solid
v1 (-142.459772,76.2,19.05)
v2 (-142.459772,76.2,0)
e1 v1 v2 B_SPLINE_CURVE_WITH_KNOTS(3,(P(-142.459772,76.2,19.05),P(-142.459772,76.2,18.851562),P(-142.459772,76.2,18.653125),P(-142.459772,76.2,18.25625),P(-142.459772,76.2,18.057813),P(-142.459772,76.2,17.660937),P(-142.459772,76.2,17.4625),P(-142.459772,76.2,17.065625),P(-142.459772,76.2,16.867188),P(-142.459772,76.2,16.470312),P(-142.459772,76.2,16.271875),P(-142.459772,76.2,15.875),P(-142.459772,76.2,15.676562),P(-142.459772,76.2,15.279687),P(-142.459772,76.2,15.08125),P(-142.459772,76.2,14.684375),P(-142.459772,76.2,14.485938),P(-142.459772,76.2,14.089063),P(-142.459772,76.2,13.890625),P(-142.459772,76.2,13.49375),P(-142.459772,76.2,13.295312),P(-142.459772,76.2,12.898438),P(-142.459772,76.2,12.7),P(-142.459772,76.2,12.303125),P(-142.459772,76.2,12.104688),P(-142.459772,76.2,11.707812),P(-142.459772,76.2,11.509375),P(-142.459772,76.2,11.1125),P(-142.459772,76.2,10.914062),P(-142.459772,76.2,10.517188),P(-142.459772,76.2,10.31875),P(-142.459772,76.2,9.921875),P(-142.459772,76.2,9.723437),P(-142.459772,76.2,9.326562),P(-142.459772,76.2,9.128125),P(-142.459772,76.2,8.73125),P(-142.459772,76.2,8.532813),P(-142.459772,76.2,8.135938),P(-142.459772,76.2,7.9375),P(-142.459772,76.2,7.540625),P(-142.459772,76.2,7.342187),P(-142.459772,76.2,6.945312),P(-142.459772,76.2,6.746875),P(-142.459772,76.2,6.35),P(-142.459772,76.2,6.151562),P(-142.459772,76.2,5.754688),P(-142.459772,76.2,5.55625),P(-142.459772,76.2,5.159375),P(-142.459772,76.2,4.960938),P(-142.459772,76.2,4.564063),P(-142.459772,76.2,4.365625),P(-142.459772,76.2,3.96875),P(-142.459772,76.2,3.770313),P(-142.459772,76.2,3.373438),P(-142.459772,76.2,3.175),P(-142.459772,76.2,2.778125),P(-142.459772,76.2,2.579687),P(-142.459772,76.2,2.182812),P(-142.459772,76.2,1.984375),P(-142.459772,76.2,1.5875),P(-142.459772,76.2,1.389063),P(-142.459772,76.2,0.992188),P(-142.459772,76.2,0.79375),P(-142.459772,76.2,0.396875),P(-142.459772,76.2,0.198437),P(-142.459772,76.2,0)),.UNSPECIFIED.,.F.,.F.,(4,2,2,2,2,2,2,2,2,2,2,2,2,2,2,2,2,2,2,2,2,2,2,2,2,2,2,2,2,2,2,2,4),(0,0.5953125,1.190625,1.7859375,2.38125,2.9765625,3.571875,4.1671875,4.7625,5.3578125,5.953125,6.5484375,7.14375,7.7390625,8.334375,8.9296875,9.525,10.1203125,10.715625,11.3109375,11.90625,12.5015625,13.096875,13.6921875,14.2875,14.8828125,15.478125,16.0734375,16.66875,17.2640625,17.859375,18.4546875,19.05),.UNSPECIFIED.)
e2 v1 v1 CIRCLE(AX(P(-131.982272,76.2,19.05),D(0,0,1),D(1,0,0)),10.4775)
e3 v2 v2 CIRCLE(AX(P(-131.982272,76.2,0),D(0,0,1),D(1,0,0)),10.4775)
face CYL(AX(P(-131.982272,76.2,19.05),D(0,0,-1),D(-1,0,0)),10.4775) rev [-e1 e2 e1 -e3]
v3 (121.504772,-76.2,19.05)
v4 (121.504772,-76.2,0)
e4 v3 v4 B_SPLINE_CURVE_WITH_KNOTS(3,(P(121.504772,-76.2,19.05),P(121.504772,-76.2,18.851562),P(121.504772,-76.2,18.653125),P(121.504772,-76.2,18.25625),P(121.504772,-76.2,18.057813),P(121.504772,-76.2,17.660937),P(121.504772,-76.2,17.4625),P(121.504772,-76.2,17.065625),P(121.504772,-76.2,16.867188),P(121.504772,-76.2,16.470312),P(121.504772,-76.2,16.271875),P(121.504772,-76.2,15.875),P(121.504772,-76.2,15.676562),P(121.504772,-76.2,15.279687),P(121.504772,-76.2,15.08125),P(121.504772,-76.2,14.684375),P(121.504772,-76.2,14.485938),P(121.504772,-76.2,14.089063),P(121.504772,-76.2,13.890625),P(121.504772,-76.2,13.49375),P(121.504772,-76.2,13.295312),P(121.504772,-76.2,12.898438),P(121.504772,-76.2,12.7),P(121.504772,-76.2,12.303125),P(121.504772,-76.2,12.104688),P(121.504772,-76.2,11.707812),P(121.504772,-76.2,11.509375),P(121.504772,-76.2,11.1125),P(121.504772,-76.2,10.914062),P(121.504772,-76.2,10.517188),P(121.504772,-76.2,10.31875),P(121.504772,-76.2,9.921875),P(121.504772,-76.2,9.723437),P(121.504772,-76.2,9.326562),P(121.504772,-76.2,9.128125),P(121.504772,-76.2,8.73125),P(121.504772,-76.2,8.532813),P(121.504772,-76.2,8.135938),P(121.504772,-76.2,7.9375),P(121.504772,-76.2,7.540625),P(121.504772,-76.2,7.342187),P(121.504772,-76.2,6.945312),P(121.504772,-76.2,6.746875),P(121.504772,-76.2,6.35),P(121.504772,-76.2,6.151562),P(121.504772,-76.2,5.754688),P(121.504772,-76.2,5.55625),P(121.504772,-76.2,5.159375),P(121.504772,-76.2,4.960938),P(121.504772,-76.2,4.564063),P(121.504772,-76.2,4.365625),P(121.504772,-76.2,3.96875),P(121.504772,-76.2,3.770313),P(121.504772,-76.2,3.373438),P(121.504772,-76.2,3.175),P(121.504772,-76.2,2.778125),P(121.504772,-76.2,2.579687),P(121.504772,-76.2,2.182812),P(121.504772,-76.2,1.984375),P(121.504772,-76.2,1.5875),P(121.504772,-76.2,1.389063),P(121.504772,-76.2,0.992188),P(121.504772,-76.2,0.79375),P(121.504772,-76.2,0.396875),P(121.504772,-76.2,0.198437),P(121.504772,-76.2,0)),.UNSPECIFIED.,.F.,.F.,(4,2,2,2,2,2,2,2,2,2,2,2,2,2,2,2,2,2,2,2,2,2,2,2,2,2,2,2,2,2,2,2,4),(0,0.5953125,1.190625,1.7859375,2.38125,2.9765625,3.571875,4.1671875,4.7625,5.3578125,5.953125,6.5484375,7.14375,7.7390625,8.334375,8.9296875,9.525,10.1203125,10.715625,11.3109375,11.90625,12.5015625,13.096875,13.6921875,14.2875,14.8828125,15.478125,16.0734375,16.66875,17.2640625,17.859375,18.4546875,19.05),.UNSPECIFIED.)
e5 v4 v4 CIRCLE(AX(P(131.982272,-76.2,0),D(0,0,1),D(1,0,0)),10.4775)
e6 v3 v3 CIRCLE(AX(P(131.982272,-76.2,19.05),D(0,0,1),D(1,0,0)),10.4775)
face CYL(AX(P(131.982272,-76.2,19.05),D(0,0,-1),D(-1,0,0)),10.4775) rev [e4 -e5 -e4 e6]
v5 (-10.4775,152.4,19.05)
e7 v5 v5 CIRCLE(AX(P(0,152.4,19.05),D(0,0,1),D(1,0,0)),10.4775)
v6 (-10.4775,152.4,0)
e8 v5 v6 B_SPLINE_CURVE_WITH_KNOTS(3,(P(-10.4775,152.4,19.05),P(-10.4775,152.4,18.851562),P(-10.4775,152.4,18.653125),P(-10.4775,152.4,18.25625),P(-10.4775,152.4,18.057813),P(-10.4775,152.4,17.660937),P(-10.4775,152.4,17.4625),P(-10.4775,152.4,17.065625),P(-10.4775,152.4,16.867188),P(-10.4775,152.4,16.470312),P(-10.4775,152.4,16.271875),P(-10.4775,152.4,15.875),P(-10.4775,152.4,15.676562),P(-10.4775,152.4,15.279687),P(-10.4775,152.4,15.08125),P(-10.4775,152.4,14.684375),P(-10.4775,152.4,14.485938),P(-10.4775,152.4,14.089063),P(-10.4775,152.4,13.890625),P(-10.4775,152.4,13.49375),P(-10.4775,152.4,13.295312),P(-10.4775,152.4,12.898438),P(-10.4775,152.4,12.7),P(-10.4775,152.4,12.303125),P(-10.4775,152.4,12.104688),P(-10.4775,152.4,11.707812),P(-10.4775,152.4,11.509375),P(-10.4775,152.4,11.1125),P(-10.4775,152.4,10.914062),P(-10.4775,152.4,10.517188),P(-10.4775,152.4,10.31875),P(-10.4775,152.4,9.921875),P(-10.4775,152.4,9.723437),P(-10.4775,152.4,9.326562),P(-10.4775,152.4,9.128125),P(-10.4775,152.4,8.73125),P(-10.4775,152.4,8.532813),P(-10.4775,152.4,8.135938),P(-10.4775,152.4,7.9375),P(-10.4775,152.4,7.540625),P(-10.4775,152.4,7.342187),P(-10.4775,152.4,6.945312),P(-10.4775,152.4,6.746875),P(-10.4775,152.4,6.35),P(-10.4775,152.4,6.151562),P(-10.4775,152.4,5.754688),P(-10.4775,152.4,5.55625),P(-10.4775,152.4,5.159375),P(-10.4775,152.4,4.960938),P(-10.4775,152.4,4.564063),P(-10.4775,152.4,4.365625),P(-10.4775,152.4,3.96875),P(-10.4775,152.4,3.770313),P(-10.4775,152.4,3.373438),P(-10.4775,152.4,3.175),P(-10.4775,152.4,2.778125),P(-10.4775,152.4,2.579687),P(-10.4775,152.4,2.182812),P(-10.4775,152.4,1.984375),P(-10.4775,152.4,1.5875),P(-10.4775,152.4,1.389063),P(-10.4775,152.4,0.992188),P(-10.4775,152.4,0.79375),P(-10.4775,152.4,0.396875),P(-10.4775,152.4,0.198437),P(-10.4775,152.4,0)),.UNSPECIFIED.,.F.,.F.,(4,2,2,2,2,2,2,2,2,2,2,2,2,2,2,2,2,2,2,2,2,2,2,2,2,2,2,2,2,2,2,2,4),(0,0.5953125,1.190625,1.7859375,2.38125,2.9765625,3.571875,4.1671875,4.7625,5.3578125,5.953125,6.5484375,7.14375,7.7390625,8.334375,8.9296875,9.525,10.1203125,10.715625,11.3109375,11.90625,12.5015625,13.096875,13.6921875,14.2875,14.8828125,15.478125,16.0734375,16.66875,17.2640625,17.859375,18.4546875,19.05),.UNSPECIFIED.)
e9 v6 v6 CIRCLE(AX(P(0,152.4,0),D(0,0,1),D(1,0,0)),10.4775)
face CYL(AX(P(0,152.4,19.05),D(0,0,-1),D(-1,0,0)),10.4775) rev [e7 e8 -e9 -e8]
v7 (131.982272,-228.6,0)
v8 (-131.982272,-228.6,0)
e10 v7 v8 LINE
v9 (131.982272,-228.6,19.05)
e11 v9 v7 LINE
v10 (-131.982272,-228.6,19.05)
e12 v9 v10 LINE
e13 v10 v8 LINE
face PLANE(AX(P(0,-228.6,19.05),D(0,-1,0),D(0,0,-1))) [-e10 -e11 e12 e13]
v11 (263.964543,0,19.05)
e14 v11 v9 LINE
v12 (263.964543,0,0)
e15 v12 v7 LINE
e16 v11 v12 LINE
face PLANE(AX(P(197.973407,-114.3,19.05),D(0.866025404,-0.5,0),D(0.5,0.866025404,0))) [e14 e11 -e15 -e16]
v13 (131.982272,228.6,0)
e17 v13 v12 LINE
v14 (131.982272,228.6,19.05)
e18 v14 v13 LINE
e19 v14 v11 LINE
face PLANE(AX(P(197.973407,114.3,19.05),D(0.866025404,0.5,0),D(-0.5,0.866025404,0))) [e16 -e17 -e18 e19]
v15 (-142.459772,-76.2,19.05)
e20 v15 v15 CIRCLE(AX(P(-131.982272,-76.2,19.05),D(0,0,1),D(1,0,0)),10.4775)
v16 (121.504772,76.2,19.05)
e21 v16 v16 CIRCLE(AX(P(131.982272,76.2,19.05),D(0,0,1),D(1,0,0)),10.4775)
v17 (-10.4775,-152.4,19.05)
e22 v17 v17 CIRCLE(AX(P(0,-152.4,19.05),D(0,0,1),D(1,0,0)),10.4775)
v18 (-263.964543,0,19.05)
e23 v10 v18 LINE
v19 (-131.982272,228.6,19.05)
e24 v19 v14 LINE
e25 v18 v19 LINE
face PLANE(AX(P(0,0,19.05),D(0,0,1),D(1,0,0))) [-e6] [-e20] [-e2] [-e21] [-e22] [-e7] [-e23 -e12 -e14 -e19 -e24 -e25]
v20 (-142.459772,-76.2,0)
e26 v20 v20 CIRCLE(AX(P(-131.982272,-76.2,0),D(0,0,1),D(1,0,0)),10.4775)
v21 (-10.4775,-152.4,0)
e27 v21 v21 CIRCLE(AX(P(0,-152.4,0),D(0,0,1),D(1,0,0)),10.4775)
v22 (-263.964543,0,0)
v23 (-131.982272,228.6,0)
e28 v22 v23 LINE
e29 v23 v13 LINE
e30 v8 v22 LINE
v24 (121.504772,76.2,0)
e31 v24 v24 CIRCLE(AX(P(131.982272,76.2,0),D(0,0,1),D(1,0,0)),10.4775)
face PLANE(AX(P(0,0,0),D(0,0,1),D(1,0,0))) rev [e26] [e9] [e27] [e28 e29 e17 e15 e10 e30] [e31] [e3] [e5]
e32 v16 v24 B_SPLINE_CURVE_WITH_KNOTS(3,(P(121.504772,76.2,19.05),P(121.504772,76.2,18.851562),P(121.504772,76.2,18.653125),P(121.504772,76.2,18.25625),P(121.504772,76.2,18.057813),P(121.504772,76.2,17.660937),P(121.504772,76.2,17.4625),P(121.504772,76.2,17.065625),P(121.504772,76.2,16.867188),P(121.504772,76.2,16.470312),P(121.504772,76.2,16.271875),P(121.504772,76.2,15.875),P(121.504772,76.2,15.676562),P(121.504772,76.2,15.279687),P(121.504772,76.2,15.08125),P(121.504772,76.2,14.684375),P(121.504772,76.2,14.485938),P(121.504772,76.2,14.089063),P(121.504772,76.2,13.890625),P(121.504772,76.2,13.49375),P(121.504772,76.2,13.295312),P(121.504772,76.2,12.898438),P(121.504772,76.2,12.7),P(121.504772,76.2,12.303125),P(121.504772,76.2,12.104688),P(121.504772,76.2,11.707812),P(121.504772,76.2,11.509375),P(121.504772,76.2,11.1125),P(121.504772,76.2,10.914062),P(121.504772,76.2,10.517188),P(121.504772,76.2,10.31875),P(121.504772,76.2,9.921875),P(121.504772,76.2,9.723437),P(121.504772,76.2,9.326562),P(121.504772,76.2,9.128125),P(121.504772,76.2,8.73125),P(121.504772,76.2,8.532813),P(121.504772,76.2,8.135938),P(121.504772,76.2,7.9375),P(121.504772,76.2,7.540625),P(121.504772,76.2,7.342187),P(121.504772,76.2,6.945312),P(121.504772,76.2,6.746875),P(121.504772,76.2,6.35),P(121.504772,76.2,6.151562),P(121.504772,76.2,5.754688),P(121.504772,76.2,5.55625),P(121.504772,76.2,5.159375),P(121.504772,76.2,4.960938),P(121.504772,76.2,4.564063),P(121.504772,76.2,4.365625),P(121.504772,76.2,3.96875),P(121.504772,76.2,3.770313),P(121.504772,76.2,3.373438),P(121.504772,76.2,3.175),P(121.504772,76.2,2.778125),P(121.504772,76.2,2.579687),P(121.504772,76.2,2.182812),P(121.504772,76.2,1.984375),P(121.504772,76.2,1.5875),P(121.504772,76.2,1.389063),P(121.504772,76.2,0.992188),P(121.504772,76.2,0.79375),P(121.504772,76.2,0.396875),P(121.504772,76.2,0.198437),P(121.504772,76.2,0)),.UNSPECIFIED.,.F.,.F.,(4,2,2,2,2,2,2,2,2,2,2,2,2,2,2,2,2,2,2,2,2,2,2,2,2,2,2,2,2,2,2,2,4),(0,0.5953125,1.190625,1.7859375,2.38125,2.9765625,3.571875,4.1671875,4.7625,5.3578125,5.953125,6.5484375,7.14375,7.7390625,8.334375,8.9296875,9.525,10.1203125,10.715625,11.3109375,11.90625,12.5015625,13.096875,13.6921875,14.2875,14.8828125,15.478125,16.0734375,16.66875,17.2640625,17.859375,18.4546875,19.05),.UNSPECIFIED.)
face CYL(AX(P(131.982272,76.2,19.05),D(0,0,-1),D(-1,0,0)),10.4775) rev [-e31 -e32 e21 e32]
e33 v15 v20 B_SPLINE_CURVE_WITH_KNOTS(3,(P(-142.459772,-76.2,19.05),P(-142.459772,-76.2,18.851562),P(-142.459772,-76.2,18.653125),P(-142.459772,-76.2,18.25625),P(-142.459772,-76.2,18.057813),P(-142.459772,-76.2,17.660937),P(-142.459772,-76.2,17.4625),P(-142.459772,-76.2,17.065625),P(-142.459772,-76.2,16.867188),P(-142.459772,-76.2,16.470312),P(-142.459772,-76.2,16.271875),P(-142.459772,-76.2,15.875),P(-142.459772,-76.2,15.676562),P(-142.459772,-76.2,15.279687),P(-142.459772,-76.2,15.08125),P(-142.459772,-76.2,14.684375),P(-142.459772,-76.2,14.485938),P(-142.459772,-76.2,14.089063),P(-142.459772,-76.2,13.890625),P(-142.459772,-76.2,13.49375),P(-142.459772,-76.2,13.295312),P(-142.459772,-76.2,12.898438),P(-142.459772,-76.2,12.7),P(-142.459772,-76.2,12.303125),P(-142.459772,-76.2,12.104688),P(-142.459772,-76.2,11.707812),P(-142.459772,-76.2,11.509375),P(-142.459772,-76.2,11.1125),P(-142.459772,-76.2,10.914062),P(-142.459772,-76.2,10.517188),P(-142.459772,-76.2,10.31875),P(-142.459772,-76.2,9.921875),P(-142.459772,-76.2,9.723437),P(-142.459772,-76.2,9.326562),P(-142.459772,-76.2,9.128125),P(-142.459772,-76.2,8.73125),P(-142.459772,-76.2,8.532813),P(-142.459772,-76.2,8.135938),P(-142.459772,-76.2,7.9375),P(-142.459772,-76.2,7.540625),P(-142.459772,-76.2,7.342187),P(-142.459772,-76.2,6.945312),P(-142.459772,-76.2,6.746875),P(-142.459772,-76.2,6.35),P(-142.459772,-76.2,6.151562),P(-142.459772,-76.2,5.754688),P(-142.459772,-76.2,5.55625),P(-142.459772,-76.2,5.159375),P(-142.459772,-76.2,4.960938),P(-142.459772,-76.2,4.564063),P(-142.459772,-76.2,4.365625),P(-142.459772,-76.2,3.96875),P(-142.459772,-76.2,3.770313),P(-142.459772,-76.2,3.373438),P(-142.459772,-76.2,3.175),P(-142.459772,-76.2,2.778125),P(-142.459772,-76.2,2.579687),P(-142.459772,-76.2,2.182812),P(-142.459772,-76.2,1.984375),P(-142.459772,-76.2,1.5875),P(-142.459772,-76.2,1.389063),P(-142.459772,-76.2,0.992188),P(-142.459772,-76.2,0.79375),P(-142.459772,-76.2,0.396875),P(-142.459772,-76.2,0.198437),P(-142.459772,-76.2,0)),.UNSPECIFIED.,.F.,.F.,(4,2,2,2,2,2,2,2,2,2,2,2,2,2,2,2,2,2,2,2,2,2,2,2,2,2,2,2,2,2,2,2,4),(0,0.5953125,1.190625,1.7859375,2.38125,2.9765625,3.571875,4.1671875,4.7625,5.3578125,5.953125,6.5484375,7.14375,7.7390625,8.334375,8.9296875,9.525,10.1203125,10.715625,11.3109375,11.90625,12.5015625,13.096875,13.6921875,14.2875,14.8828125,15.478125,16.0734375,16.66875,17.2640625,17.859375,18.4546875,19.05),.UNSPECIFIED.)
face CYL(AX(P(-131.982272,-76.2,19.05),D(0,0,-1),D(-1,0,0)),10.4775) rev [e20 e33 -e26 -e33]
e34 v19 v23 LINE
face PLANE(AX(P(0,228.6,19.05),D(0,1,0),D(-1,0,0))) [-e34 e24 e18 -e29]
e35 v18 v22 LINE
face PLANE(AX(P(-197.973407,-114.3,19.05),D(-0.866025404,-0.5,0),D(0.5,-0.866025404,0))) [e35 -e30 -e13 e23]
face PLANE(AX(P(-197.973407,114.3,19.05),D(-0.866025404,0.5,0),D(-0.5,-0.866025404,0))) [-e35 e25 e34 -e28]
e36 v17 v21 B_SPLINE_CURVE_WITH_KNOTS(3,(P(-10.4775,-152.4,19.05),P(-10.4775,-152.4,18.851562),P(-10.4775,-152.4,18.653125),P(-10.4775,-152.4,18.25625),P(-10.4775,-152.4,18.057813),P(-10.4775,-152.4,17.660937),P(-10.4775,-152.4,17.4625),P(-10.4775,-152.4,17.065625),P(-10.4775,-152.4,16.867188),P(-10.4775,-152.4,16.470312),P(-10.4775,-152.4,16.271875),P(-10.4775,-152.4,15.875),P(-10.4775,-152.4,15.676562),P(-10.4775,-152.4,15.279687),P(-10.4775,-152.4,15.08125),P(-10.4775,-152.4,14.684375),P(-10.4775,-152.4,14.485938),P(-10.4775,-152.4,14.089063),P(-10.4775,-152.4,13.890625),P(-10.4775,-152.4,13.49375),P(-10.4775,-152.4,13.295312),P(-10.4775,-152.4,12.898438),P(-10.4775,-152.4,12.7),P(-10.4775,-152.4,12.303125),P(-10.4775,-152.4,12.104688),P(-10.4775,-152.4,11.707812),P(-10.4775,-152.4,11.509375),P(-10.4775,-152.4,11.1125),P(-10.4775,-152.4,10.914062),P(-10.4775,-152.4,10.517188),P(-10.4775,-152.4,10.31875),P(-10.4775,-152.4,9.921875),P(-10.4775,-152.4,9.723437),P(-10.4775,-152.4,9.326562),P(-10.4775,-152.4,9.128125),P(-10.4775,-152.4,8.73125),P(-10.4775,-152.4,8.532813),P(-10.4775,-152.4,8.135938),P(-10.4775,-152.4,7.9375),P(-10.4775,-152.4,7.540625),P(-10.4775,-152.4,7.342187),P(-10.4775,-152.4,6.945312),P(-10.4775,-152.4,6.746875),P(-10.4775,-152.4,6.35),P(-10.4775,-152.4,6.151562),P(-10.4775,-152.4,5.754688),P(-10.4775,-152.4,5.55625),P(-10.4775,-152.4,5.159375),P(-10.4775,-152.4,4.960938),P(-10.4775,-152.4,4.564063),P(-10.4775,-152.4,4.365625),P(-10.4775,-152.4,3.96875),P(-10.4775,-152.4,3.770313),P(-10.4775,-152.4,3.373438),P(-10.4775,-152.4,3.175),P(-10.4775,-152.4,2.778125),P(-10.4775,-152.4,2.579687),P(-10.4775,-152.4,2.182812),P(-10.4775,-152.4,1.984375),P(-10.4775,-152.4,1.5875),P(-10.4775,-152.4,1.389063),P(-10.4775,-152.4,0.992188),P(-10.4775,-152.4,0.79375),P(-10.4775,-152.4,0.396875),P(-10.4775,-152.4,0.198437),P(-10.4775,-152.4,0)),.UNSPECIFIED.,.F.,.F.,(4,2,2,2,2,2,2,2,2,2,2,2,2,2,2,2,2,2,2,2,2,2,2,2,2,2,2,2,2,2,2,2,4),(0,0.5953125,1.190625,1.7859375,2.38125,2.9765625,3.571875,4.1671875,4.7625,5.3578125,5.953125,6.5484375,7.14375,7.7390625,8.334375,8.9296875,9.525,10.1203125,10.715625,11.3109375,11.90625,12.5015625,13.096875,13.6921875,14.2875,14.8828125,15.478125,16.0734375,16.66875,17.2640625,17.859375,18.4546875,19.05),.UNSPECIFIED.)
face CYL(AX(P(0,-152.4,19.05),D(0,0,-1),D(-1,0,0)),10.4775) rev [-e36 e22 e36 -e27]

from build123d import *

# Parameters (mm, degrees)
SKETCH1_R           = 10.4775
BOSS_EXTRUDE1_DEPTH = 19.05


with BuildPart() as part:
    # Sketch1 → Boss-Extrude1 (new body)
    # profile 1 of 6: a face of its own
    with BuildSketch(Plane.XY):
        Polygon((-263.964543073, 0), (-131.982271537, 228.6), (0, 0), align=None)
        with Locations(Location((-131.982271537, 76.2, 0), (0, 0, 180))):
            Circle(SKETCH1_R, mode=Mode.SUBTRACT)
    # profile 2 of 6: a face of its own
    with BuildSketch(Plane.XY):
        Polygon((131.982271537, 228.6), (0, 0), (-131.982271537, 228.6), align=None)
        with Locations(Location((0, 152.4, 0), (0, 0, 180))):
            Circle(SKETCH1_R, mode=Mode.SUBTRACT)
    # profile 3 of 6: a face of its own
    with BuildSketch(Plane.XY):
        Polygon((263.964543073, 0), (0, 0), (131.982271537, 228.6), align=None)
        with Locations(Location((131.982271537, 76.2, 0), (0, 0, 180))):
            Circle(SKETCH1_R, mode=Mode.SUBTRACT)
    # profile 4 of 6: a face of its own
    with BuildSketch(Plane.XY):
        Polygon((131.982271537, -228.6), (0, 0), (263.964543073, 0), align=None)
        with Locations(Location((131.982271537, -76.2, 0), (0, 0, 180))):
            Circle(SKETCH1_R, mode=Mode.SUBTRACT)
    # profile 5 of 6: a face of its own
    with BuildSketch(Plane.XY):
        Polygon((-131.982271537, -228.6), (0, 0), (131.982271537, -228.6), align=None)
        with Locations(Location((0, -152.4, 0), (0, 0, 180))):
            Circle(SKETCH1_R, mode=Mode.SUBTRACT)
    # profile 6 of 6: a face of its own
    with BuildSketch(Plane.XY):
        Polygon((-263.964543073, 0), (0, 0), (-131.982271537, -228.6), align=None)
        with Locations(Location((-131.982271537, -76.2, 0), (0, 0, 180))):
            Circle(SKETCH1_R, mode=Mode.SUBTRACT)
    extrude(amount=BOSS_EXTRUDE1_DEPTH)


solid = part.part
